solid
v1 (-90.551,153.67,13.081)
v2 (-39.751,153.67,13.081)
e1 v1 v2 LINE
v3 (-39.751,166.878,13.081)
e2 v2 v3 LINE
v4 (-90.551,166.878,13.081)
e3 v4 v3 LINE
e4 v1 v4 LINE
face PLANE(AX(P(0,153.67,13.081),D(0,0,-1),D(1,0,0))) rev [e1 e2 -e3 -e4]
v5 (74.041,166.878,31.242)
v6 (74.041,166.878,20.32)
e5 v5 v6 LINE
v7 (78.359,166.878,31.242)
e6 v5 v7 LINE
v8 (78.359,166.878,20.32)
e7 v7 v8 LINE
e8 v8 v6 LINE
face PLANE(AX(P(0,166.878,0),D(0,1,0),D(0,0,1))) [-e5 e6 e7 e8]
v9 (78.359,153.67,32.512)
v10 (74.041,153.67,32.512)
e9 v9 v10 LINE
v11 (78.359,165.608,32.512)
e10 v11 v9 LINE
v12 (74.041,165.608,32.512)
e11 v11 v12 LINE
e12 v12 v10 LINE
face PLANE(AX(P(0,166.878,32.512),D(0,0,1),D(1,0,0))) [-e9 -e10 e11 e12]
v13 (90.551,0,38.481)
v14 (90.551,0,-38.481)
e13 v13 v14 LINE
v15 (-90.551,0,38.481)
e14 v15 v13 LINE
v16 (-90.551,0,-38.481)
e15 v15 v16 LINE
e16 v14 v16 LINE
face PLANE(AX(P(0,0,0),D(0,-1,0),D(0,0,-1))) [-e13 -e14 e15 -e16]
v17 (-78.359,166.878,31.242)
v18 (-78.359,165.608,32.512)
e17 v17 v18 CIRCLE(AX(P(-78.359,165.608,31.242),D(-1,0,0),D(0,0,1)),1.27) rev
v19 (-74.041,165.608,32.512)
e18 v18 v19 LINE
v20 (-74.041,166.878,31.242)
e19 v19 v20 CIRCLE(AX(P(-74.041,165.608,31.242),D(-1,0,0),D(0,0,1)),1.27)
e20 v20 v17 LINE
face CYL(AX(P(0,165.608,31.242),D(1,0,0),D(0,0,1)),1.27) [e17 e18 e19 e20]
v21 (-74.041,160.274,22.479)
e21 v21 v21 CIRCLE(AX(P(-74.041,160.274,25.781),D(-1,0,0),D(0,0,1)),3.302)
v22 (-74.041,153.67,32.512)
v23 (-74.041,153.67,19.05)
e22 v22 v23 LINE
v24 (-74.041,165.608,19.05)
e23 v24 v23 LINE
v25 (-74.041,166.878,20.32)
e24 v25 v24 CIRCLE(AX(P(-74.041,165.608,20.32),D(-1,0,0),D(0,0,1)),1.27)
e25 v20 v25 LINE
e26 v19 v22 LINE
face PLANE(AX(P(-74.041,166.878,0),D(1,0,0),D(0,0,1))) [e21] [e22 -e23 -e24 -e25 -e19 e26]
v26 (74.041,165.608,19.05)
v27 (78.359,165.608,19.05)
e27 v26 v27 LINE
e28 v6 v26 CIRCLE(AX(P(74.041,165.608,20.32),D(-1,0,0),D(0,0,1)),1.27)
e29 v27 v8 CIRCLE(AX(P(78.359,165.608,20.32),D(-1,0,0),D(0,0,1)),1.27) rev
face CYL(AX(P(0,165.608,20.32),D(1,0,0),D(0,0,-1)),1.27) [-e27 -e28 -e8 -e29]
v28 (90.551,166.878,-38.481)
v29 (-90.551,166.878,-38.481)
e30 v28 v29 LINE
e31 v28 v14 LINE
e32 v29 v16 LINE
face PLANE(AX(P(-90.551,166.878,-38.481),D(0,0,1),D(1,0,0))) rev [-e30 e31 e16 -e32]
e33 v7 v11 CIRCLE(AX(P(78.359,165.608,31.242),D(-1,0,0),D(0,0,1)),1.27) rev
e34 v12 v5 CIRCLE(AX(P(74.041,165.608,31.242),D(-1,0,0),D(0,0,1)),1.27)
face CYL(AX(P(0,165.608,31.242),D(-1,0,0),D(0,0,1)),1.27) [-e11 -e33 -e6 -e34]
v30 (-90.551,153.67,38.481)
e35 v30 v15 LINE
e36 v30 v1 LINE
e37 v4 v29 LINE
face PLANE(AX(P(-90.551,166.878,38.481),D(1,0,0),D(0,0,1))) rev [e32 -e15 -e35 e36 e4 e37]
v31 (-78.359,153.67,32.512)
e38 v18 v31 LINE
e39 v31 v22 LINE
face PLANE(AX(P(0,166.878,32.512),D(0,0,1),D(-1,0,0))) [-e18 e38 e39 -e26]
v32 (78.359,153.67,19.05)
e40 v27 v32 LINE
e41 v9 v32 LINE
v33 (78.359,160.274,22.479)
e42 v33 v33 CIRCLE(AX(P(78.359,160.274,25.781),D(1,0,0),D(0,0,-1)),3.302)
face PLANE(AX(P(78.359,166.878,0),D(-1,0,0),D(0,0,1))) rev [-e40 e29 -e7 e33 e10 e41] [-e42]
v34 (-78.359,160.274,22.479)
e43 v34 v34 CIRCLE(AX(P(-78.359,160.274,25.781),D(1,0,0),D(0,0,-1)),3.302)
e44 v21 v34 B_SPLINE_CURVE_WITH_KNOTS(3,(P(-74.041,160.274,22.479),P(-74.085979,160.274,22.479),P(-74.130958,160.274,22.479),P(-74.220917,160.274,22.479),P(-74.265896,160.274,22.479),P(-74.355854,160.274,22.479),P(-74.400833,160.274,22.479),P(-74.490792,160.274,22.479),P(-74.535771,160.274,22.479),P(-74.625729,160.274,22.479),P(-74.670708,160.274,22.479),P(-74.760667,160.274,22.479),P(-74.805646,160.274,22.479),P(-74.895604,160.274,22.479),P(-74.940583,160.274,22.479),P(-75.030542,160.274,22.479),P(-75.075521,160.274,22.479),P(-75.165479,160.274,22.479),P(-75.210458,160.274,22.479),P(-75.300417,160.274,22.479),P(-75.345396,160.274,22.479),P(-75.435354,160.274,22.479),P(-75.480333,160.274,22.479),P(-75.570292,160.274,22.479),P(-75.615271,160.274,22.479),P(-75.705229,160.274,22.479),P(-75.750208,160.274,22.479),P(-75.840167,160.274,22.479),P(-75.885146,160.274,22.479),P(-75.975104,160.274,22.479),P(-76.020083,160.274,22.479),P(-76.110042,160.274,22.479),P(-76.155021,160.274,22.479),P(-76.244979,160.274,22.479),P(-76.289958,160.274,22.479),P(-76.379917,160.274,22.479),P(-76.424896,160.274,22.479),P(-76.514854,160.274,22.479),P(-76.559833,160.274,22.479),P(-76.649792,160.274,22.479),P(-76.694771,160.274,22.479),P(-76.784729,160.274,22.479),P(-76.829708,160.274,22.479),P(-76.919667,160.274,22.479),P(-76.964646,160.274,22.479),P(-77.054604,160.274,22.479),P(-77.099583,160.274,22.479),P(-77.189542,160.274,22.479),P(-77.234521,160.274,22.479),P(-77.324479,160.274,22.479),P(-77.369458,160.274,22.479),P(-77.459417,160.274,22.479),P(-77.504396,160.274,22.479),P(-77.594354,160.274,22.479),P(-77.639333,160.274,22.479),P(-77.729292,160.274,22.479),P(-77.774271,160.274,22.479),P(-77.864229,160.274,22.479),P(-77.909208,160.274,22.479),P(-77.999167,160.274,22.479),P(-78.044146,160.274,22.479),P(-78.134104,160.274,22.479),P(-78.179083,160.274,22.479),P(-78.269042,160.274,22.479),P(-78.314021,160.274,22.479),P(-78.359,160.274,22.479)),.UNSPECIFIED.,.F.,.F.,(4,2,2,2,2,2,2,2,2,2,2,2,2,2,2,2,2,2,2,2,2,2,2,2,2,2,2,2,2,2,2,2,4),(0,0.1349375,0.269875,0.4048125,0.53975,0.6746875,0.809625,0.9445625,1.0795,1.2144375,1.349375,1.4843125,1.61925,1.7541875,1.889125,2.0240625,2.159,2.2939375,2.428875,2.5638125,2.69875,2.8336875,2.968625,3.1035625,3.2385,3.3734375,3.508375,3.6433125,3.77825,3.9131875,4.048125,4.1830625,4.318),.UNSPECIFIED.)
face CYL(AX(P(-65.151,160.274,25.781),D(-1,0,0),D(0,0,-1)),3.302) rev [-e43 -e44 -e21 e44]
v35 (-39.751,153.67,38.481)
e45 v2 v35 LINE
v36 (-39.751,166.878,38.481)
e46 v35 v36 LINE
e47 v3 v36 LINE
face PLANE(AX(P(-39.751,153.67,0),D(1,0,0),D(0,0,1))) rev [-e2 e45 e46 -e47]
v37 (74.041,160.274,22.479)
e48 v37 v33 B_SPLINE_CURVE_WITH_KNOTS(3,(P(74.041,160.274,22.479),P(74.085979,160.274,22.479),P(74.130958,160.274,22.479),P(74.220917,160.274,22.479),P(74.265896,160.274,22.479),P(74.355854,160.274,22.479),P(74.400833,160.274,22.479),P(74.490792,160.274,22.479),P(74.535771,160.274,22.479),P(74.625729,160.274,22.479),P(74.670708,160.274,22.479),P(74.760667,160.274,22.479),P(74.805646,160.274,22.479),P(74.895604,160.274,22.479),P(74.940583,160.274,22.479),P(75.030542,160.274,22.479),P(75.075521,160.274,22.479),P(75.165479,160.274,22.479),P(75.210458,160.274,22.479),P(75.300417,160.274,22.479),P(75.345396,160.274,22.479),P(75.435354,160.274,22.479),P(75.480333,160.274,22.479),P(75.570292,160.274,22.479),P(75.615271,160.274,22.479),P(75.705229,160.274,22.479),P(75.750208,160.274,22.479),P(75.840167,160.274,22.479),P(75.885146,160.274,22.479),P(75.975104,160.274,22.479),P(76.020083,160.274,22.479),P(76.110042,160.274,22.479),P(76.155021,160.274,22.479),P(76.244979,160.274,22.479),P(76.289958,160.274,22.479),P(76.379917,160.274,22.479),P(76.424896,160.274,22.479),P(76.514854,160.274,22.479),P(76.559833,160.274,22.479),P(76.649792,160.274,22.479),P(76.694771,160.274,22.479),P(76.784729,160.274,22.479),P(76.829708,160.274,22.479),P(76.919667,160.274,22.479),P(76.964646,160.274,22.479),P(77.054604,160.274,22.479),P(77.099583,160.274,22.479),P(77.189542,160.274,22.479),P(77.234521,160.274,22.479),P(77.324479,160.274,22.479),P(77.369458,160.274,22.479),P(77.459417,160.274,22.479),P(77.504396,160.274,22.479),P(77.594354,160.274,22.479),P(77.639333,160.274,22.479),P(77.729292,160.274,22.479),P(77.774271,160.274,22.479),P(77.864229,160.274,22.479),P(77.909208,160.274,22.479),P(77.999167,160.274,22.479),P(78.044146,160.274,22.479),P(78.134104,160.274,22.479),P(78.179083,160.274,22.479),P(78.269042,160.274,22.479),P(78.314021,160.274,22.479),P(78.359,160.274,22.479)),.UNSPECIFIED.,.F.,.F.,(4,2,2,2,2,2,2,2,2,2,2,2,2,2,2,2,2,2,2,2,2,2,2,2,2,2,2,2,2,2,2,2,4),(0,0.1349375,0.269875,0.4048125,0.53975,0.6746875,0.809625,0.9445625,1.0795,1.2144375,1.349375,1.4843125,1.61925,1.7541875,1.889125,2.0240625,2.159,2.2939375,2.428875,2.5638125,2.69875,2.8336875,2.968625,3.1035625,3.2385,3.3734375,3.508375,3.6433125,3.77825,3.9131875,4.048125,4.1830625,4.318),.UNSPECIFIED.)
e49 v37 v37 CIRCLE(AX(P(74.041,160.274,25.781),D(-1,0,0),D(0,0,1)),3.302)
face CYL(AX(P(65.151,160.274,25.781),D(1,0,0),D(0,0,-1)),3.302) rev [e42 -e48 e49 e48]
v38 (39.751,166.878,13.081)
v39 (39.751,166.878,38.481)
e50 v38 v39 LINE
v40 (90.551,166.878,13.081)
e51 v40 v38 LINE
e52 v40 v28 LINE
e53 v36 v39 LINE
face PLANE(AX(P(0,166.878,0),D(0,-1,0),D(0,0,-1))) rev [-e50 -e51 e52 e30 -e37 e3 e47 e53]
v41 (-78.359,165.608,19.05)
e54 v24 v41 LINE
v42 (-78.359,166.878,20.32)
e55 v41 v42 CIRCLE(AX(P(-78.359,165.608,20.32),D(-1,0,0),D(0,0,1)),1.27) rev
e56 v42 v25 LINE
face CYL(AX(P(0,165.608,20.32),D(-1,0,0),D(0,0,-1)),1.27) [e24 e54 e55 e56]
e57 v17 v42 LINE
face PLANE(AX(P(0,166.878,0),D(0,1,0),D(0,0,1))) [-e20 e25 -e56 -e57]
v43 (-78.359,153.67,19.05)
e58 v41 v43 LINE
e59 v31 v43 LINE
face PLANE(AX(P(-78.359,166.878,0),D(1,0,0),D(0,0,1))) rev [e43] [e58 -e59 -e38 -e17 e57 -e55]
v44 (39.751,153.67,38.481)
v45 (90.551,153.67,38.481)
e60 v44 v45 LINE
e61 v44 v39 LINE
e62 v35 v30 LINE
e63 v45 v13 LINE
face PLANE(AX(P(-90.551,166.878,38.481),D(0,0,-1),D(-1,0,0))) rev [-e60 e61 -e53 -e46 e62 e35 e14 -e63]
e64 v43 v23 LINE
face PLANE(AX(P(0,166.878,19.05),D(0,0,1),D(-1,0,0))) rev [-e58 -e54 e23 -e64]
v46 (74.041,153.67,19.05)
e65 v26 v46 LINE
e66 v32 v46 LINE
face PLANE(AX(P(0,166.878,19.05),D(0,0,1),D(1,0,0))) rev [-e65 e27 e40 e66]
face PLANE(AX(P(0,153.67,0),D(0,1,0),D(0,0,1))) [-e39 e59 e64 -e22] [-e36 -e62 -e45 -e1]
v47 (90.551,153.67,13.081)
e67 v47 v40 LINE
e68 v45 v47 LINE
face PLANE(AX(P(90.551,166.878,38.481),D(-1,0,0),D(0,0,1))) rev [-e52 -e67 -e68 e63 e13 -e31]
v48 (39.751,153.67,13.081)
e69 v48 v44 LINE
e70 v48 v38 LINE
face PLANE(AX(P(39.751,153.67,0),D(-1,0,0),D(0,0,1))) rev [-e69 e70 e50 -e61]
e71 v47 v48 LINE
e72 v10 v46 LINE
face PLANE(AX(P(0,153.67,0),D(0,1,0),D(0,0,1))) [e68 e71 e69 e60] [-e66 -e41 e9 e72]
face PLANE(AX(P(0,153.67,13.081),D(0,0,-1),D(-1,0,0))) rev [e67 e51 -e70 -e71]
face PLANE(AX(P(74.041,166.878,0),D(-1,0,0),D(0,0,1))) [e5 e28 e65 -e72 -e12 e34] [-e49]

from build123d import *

# Parameters (mm, degrees)
SKETCH2_W           = 181.102
SKETCH2_H           = 76.962
BOSS_EXTRUDE1_DEPTH = 166.878
CUT_EXTRUDE1_DEPTH  = 194.722837699
SKETCH4_3_W         = 50.8
SKETCH4_3_H         = 25.4
CUT_EXTRUDE2_DEPTH  = 13.208
SKETCH5_W           = 4.318
SKETCH5_H           = 13.462
BOSS_EXTRUDE2_DEPTH = 13.208
SKETCH6_R           = 3.302
CUT_EXTRUDE3_DEPTH  = 13.208
FILLET1_R           = 1.27


with BuildPart() as part:
    # Sketch2 → Boss-Extrude1 (new body)
    with BuildSketch(Plane(origin=(0, 0, 0), x_dir=(1, 0, 0), z_dir=(0, 1, 0))):
        Rectangle(SKETCH2_W, SKETCH2_H)
    extrude(amount=BOSS_EXTRUDE1_DEPTH)

    # Sketch4 → Cut-Extrude1 (cut, through all)
    with BuildSketch(Plane(origin=(0, 166.878, 0), x_dir=(1, 0, 0), z_dir=(0, 1, 0))):
        Polygon((0, -38.481), (0, 0), (0, 38.481), (-90.551, 38.481), (-90.551, -38.481), align=None)
    extrude(amount=-CUT_EXTRUDE1_DEPTH, mode=Mode.SUBTRACT)

    # Sketch4<3> → Cut-Extrude2 (cut)
    with BuildSketch(Plane(origin=(0, 166.878, 0), x_dir=(1, 0, 0), z_dir=(0, 1, 0))):
        with Locations((65.151, -25.781)):
            Rectangle(SKETCH4_3_W, SKETCH4_3_H)
    extrude(amount=-CUT_EXTRUDE2_DEPTH, mode=Mode.SUBTRACT)

    # Sketch5 → Boss-Extrude2 (add)
    with BuildSketch(Plane(origin=(0, 153.67, 0), x_dir=(1, 0, 0), z_dir=(0, 1, 0))):
        with Locations((76.2, -25.781)):
            Rectangle(SKETCH5_W, SKETCH5_H)
    extrude(amount=BOSS_EXTRUDE2_DEPTH)

    # Sketch6 → Cut-Extrude3 (cut)
    with BuildSketch(Plane(origin=(78.359, 0, 0), x_dir=(0, 0, -1), z_dir=(1, 0, 0))):
        with Locations((-25.781, 160.274)):
            Circle(SKETCH6_R)
    extrude(amount=-CUT_EXTRUDE3_DEPTH, mode=Mode.SUBTRACT)

    # Fillet1
    fillet1_edges = [part.edges().sort_by_distance(p)[0] for p in [
        (76.2, 166.878, 32.512),
        (76.2, 166.878, 19.05),
    ]]
    fillet(fillet1_edges, radius=FILLET1_R)

    # Mirror1: part across plane


with BuildPart() as part_1:
    add(part.part)
    add(part.part.mirror(Plane.ZY))


solid = part_1.part
